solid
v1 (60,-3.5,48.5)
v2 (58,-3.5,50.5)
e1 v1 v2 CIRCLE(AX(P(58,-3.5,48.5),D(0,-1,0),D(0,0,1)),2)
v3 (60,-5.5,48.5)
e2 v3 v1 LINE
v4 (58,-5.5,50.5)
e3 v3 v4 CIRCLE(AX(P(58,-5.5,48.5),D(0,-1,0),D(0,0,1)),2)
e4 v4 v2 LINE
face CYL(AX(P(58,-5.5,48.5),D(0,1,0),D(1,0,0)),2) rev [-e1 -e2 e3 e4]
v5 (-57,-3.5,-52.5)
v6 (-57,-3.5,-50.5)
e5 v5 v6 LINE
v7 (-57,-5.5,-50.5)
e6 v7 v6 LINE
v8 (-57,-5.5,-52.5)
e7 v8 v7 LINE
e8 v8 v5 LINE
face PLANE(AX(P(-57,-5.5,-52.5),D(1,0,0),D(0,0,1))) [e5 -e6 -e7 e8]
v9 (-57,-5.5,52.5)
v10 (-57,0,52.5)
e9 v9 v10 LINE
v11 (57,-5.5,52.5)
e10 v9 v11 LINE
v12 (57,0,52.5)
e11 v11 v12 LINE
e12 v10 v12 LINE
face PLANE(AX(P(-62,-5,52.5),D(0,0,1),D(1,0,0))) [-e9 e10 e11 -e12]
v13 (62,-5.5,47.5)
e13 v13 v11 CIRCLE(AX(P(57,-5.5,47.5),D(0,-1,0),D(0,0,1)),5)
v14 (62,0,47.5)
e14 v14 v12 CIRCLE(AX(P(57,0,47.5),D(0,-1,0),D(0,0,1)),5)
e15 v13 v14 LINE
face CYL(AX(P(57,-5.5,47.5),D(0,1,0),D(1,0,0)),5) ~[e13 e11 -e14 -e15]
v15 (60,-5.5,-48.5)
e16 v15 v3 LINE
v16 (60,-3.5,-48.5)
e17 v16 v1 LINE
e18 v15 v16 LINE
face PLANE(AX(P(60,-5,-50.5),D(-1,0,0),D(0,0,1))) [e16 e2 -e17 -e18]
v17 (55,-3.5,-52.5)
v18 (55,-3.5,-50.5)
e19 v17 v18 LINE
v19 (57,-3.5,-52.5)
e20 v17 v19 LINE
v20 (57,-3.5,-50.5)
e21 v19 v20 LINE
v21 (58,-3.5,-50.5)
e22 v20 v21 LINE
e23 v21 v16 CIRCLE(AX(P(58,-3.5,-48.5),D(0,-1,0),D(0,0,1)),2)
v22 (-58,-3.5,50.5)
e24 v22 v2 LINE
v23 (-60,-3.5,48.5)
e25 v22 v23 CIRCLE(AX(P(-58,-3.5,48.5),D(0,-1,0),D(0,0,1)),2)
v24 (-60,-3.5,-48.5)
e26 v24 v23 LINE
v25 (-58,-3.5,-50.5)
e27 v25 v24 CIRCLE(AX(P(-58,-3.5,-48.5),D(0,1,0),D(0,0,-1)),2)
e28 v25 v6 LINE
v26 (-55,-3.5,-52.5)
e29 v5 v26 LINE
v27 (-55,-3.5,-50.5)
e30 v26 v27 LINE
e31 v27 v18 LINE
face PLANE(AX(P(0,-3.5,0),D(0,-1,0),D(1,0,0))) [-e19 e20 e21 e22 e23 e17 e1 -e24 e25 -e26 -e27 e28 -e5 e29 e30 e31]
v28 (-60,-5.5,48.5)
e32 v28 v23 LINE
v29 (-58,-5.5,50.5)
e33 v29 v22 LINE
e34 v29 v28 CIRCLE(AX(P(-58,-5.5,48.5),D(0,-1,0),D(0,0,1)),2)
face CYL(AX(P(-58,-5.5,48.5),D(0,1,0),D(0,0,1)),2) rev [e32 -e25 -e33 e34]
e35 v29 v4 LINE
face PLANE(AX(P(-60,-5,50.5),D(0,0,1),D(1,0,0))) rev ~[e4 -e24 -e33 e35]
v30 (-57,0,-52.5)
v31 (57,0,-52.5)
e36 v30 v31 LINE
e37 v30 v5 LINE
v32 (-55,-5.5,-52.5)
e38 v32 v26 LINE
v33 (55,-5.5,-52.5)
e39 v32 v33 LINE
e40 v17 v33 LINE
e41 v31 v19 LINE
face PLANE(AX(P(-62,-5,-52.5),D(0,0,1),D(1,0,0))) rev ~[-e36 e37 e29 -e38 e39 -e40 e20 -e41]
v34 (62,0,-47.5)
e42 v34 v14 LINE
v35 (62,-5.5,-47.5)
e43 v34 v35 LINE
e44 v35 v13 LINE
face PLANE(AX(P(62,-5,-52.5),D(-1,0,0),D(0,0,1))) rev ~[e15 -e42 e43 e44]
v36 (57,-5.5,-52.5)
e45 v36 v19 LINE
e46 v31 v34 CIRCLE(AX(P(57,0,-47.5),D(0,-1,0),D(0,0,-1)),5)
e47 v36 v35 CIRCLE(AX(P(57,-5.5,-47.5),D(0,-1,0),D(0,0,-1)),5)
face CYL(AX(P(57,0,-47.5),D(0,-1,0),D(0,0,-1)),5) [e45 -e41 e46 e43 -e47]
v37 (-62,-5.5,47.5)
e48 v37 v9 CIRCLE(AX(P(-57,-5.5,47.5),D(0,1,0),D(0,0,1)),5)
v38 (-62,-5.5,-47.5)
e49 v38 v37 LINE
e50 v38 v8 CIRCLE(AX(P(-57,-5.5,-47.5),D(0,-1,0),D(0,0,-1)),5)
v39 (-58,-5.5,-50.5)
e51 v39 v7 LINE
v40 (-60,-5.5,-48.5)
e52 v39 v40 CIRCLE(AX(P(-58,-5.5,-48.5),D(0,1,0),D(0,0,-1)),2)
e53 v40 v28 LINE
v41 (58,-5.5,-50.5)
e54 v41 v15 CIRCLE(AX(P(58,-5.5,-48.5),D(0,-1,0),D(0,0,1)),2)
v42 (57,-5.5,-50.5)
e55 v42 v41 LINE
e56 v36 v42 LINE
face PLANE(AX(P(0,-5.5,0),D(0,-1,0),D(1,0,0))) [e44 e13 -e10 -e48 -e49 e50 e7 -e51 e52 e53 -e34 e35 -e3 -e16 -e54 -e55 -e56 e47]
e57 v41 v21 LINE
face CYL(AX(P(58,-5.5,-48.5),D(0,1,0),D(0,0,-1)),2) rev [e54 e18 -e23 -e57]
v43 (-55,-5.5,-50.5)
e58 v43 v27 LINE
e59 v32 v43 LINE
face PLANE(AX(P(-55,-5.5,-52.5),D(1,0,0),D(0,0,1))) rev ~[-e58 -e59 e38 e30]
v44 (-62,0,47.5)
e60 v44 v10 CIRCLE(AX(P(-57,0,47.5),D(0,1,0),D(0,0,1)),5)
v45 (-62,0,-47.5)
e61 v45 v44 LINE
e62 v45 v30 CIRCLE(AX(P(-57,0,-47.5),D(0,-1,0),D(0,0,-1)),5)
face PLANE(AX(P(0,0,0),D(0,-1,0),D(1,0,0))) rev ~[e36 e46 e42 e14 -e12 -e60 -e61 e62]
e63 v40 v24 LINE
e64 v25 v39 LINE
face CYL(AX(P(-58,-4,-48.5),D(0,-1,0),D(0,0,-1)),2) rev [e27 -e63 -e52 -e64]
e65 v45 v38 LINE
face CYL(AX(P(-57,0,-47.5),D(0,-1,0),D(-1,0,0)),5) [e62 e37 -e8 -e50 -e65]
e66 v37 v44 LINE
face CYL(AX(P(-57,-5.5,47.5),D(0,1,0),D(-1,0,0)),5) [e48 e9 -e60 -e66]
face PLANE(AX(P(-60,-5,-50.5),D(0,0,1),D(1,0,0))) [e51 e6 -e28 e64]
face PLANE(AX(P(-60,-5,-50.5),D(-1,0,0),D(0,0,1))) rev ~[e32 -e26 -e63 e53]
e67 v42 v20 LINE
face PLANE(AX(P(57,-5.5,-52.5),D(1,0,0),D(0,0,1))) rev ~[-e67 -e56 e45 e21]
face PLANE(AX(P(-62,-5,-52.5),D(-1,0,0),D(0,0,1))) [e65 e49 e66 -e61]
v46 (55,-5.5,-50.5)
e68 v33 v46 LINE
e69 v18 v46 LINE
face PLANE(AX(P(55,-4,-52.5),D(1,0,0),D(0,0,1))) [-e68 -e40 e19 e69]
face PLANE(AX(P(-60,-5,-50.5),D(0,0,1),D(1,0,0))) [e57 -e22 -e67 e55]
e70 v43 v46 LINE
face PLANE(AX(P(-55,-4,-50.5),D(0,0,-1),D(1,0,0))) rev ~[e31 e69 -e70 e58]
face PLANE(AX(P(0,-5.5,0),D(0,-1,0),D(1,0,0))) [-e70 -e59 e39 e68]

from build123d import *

# Parameters (mm, degrees)
F0_W      = 120
F0_H      = 101
F1_DEPTH  = 4
F0_W_2    = 124
F0_H_2    = 105
F2_DEPTH  = 5
F3_DEPTH  = 0.5
F4_R      = 5
F5_R      = 2
F6_W      = 2
F6_H      = 2
F7_DEPTH  = 1.5
F8_W      = 2
F8_H      = 2
F9_DEPTH  = 1.5
F10_DEPTH = 0.5


with BuildPart() as f1:
    # F0 (on Front) → F1 (new body)
    with BuildSketch(Plane.XZ):
        Rectangle(F0_W, F0_H)
    extrude(amount=F1_DEPTH)

    # F0 (on Front) → F2 (join)
    with BuildSketch(Plane.XZ):
        Rectangle(F0_W_2, F0_H_2)
        Rectangle(F0_W, F0_H, mode=Mode.SUBTRACT)
    extrude(amount=F2_DEPTH)

    # F3 (add): a face of the model
    f3_faces = [f1.faces().sort_by_distance(p)[0] for p in [
        (0, -5, -50.8751615465),
    ]]
    extrude(f3_faces, amount=F3_DEPTH)

    # F4
    f4_edges = [f1.edges().sort_by_distance(p)[0] for p in [
        (62, -2.75, -52.5),
        (-62, -2.75, -52.5),
        (-62, -2.75, 52.5),
        (62, -2.75, 52.5),
    ]]
    fillet(f4_edges, radius=F4_R)

    # F5
    f5_edges = [f1.edges().sort_by_distance(p)[0] for p in [
        (60, -4.75, 50.5),
        (-60, -4.75, -50.5),
        (60, -4.75, -50.5),
        (-60, -4.75, 50.5),
    ]]
    fillet(f5_edges, radius=F5_R)

    # F6 (on face) → F7 (cut)
    with BuildSketch(Plane.XZ.offset(5.5)):
        with Locations((-56, -51.5)):
            Rectangle(F6_W, F6_H)
    extrude(amount=-F7_DEPTH, mode=Mode.SUBTRACT)

    # F8 (on face) → F9 (cut)
    with BuildSketch(Plane.XZ.offset(5.5)):
        with Locations((56, -51.5)):
            Rectangle(F8_W, F8_H)
    extrude(amount=-F9_DEPTH, mode=Mode.SUBTRACT)

    # F10 (cut): a face of the model
    f10_faces = [f1.faces().sort_by_distance(p)[0] for p in [
        (0, -4, -0.0339805967),
    ]]
    extrude(f10_faces, amount=-F10_DEPTH, mode=Mode.SUBTRACT)


solid = f1.part
